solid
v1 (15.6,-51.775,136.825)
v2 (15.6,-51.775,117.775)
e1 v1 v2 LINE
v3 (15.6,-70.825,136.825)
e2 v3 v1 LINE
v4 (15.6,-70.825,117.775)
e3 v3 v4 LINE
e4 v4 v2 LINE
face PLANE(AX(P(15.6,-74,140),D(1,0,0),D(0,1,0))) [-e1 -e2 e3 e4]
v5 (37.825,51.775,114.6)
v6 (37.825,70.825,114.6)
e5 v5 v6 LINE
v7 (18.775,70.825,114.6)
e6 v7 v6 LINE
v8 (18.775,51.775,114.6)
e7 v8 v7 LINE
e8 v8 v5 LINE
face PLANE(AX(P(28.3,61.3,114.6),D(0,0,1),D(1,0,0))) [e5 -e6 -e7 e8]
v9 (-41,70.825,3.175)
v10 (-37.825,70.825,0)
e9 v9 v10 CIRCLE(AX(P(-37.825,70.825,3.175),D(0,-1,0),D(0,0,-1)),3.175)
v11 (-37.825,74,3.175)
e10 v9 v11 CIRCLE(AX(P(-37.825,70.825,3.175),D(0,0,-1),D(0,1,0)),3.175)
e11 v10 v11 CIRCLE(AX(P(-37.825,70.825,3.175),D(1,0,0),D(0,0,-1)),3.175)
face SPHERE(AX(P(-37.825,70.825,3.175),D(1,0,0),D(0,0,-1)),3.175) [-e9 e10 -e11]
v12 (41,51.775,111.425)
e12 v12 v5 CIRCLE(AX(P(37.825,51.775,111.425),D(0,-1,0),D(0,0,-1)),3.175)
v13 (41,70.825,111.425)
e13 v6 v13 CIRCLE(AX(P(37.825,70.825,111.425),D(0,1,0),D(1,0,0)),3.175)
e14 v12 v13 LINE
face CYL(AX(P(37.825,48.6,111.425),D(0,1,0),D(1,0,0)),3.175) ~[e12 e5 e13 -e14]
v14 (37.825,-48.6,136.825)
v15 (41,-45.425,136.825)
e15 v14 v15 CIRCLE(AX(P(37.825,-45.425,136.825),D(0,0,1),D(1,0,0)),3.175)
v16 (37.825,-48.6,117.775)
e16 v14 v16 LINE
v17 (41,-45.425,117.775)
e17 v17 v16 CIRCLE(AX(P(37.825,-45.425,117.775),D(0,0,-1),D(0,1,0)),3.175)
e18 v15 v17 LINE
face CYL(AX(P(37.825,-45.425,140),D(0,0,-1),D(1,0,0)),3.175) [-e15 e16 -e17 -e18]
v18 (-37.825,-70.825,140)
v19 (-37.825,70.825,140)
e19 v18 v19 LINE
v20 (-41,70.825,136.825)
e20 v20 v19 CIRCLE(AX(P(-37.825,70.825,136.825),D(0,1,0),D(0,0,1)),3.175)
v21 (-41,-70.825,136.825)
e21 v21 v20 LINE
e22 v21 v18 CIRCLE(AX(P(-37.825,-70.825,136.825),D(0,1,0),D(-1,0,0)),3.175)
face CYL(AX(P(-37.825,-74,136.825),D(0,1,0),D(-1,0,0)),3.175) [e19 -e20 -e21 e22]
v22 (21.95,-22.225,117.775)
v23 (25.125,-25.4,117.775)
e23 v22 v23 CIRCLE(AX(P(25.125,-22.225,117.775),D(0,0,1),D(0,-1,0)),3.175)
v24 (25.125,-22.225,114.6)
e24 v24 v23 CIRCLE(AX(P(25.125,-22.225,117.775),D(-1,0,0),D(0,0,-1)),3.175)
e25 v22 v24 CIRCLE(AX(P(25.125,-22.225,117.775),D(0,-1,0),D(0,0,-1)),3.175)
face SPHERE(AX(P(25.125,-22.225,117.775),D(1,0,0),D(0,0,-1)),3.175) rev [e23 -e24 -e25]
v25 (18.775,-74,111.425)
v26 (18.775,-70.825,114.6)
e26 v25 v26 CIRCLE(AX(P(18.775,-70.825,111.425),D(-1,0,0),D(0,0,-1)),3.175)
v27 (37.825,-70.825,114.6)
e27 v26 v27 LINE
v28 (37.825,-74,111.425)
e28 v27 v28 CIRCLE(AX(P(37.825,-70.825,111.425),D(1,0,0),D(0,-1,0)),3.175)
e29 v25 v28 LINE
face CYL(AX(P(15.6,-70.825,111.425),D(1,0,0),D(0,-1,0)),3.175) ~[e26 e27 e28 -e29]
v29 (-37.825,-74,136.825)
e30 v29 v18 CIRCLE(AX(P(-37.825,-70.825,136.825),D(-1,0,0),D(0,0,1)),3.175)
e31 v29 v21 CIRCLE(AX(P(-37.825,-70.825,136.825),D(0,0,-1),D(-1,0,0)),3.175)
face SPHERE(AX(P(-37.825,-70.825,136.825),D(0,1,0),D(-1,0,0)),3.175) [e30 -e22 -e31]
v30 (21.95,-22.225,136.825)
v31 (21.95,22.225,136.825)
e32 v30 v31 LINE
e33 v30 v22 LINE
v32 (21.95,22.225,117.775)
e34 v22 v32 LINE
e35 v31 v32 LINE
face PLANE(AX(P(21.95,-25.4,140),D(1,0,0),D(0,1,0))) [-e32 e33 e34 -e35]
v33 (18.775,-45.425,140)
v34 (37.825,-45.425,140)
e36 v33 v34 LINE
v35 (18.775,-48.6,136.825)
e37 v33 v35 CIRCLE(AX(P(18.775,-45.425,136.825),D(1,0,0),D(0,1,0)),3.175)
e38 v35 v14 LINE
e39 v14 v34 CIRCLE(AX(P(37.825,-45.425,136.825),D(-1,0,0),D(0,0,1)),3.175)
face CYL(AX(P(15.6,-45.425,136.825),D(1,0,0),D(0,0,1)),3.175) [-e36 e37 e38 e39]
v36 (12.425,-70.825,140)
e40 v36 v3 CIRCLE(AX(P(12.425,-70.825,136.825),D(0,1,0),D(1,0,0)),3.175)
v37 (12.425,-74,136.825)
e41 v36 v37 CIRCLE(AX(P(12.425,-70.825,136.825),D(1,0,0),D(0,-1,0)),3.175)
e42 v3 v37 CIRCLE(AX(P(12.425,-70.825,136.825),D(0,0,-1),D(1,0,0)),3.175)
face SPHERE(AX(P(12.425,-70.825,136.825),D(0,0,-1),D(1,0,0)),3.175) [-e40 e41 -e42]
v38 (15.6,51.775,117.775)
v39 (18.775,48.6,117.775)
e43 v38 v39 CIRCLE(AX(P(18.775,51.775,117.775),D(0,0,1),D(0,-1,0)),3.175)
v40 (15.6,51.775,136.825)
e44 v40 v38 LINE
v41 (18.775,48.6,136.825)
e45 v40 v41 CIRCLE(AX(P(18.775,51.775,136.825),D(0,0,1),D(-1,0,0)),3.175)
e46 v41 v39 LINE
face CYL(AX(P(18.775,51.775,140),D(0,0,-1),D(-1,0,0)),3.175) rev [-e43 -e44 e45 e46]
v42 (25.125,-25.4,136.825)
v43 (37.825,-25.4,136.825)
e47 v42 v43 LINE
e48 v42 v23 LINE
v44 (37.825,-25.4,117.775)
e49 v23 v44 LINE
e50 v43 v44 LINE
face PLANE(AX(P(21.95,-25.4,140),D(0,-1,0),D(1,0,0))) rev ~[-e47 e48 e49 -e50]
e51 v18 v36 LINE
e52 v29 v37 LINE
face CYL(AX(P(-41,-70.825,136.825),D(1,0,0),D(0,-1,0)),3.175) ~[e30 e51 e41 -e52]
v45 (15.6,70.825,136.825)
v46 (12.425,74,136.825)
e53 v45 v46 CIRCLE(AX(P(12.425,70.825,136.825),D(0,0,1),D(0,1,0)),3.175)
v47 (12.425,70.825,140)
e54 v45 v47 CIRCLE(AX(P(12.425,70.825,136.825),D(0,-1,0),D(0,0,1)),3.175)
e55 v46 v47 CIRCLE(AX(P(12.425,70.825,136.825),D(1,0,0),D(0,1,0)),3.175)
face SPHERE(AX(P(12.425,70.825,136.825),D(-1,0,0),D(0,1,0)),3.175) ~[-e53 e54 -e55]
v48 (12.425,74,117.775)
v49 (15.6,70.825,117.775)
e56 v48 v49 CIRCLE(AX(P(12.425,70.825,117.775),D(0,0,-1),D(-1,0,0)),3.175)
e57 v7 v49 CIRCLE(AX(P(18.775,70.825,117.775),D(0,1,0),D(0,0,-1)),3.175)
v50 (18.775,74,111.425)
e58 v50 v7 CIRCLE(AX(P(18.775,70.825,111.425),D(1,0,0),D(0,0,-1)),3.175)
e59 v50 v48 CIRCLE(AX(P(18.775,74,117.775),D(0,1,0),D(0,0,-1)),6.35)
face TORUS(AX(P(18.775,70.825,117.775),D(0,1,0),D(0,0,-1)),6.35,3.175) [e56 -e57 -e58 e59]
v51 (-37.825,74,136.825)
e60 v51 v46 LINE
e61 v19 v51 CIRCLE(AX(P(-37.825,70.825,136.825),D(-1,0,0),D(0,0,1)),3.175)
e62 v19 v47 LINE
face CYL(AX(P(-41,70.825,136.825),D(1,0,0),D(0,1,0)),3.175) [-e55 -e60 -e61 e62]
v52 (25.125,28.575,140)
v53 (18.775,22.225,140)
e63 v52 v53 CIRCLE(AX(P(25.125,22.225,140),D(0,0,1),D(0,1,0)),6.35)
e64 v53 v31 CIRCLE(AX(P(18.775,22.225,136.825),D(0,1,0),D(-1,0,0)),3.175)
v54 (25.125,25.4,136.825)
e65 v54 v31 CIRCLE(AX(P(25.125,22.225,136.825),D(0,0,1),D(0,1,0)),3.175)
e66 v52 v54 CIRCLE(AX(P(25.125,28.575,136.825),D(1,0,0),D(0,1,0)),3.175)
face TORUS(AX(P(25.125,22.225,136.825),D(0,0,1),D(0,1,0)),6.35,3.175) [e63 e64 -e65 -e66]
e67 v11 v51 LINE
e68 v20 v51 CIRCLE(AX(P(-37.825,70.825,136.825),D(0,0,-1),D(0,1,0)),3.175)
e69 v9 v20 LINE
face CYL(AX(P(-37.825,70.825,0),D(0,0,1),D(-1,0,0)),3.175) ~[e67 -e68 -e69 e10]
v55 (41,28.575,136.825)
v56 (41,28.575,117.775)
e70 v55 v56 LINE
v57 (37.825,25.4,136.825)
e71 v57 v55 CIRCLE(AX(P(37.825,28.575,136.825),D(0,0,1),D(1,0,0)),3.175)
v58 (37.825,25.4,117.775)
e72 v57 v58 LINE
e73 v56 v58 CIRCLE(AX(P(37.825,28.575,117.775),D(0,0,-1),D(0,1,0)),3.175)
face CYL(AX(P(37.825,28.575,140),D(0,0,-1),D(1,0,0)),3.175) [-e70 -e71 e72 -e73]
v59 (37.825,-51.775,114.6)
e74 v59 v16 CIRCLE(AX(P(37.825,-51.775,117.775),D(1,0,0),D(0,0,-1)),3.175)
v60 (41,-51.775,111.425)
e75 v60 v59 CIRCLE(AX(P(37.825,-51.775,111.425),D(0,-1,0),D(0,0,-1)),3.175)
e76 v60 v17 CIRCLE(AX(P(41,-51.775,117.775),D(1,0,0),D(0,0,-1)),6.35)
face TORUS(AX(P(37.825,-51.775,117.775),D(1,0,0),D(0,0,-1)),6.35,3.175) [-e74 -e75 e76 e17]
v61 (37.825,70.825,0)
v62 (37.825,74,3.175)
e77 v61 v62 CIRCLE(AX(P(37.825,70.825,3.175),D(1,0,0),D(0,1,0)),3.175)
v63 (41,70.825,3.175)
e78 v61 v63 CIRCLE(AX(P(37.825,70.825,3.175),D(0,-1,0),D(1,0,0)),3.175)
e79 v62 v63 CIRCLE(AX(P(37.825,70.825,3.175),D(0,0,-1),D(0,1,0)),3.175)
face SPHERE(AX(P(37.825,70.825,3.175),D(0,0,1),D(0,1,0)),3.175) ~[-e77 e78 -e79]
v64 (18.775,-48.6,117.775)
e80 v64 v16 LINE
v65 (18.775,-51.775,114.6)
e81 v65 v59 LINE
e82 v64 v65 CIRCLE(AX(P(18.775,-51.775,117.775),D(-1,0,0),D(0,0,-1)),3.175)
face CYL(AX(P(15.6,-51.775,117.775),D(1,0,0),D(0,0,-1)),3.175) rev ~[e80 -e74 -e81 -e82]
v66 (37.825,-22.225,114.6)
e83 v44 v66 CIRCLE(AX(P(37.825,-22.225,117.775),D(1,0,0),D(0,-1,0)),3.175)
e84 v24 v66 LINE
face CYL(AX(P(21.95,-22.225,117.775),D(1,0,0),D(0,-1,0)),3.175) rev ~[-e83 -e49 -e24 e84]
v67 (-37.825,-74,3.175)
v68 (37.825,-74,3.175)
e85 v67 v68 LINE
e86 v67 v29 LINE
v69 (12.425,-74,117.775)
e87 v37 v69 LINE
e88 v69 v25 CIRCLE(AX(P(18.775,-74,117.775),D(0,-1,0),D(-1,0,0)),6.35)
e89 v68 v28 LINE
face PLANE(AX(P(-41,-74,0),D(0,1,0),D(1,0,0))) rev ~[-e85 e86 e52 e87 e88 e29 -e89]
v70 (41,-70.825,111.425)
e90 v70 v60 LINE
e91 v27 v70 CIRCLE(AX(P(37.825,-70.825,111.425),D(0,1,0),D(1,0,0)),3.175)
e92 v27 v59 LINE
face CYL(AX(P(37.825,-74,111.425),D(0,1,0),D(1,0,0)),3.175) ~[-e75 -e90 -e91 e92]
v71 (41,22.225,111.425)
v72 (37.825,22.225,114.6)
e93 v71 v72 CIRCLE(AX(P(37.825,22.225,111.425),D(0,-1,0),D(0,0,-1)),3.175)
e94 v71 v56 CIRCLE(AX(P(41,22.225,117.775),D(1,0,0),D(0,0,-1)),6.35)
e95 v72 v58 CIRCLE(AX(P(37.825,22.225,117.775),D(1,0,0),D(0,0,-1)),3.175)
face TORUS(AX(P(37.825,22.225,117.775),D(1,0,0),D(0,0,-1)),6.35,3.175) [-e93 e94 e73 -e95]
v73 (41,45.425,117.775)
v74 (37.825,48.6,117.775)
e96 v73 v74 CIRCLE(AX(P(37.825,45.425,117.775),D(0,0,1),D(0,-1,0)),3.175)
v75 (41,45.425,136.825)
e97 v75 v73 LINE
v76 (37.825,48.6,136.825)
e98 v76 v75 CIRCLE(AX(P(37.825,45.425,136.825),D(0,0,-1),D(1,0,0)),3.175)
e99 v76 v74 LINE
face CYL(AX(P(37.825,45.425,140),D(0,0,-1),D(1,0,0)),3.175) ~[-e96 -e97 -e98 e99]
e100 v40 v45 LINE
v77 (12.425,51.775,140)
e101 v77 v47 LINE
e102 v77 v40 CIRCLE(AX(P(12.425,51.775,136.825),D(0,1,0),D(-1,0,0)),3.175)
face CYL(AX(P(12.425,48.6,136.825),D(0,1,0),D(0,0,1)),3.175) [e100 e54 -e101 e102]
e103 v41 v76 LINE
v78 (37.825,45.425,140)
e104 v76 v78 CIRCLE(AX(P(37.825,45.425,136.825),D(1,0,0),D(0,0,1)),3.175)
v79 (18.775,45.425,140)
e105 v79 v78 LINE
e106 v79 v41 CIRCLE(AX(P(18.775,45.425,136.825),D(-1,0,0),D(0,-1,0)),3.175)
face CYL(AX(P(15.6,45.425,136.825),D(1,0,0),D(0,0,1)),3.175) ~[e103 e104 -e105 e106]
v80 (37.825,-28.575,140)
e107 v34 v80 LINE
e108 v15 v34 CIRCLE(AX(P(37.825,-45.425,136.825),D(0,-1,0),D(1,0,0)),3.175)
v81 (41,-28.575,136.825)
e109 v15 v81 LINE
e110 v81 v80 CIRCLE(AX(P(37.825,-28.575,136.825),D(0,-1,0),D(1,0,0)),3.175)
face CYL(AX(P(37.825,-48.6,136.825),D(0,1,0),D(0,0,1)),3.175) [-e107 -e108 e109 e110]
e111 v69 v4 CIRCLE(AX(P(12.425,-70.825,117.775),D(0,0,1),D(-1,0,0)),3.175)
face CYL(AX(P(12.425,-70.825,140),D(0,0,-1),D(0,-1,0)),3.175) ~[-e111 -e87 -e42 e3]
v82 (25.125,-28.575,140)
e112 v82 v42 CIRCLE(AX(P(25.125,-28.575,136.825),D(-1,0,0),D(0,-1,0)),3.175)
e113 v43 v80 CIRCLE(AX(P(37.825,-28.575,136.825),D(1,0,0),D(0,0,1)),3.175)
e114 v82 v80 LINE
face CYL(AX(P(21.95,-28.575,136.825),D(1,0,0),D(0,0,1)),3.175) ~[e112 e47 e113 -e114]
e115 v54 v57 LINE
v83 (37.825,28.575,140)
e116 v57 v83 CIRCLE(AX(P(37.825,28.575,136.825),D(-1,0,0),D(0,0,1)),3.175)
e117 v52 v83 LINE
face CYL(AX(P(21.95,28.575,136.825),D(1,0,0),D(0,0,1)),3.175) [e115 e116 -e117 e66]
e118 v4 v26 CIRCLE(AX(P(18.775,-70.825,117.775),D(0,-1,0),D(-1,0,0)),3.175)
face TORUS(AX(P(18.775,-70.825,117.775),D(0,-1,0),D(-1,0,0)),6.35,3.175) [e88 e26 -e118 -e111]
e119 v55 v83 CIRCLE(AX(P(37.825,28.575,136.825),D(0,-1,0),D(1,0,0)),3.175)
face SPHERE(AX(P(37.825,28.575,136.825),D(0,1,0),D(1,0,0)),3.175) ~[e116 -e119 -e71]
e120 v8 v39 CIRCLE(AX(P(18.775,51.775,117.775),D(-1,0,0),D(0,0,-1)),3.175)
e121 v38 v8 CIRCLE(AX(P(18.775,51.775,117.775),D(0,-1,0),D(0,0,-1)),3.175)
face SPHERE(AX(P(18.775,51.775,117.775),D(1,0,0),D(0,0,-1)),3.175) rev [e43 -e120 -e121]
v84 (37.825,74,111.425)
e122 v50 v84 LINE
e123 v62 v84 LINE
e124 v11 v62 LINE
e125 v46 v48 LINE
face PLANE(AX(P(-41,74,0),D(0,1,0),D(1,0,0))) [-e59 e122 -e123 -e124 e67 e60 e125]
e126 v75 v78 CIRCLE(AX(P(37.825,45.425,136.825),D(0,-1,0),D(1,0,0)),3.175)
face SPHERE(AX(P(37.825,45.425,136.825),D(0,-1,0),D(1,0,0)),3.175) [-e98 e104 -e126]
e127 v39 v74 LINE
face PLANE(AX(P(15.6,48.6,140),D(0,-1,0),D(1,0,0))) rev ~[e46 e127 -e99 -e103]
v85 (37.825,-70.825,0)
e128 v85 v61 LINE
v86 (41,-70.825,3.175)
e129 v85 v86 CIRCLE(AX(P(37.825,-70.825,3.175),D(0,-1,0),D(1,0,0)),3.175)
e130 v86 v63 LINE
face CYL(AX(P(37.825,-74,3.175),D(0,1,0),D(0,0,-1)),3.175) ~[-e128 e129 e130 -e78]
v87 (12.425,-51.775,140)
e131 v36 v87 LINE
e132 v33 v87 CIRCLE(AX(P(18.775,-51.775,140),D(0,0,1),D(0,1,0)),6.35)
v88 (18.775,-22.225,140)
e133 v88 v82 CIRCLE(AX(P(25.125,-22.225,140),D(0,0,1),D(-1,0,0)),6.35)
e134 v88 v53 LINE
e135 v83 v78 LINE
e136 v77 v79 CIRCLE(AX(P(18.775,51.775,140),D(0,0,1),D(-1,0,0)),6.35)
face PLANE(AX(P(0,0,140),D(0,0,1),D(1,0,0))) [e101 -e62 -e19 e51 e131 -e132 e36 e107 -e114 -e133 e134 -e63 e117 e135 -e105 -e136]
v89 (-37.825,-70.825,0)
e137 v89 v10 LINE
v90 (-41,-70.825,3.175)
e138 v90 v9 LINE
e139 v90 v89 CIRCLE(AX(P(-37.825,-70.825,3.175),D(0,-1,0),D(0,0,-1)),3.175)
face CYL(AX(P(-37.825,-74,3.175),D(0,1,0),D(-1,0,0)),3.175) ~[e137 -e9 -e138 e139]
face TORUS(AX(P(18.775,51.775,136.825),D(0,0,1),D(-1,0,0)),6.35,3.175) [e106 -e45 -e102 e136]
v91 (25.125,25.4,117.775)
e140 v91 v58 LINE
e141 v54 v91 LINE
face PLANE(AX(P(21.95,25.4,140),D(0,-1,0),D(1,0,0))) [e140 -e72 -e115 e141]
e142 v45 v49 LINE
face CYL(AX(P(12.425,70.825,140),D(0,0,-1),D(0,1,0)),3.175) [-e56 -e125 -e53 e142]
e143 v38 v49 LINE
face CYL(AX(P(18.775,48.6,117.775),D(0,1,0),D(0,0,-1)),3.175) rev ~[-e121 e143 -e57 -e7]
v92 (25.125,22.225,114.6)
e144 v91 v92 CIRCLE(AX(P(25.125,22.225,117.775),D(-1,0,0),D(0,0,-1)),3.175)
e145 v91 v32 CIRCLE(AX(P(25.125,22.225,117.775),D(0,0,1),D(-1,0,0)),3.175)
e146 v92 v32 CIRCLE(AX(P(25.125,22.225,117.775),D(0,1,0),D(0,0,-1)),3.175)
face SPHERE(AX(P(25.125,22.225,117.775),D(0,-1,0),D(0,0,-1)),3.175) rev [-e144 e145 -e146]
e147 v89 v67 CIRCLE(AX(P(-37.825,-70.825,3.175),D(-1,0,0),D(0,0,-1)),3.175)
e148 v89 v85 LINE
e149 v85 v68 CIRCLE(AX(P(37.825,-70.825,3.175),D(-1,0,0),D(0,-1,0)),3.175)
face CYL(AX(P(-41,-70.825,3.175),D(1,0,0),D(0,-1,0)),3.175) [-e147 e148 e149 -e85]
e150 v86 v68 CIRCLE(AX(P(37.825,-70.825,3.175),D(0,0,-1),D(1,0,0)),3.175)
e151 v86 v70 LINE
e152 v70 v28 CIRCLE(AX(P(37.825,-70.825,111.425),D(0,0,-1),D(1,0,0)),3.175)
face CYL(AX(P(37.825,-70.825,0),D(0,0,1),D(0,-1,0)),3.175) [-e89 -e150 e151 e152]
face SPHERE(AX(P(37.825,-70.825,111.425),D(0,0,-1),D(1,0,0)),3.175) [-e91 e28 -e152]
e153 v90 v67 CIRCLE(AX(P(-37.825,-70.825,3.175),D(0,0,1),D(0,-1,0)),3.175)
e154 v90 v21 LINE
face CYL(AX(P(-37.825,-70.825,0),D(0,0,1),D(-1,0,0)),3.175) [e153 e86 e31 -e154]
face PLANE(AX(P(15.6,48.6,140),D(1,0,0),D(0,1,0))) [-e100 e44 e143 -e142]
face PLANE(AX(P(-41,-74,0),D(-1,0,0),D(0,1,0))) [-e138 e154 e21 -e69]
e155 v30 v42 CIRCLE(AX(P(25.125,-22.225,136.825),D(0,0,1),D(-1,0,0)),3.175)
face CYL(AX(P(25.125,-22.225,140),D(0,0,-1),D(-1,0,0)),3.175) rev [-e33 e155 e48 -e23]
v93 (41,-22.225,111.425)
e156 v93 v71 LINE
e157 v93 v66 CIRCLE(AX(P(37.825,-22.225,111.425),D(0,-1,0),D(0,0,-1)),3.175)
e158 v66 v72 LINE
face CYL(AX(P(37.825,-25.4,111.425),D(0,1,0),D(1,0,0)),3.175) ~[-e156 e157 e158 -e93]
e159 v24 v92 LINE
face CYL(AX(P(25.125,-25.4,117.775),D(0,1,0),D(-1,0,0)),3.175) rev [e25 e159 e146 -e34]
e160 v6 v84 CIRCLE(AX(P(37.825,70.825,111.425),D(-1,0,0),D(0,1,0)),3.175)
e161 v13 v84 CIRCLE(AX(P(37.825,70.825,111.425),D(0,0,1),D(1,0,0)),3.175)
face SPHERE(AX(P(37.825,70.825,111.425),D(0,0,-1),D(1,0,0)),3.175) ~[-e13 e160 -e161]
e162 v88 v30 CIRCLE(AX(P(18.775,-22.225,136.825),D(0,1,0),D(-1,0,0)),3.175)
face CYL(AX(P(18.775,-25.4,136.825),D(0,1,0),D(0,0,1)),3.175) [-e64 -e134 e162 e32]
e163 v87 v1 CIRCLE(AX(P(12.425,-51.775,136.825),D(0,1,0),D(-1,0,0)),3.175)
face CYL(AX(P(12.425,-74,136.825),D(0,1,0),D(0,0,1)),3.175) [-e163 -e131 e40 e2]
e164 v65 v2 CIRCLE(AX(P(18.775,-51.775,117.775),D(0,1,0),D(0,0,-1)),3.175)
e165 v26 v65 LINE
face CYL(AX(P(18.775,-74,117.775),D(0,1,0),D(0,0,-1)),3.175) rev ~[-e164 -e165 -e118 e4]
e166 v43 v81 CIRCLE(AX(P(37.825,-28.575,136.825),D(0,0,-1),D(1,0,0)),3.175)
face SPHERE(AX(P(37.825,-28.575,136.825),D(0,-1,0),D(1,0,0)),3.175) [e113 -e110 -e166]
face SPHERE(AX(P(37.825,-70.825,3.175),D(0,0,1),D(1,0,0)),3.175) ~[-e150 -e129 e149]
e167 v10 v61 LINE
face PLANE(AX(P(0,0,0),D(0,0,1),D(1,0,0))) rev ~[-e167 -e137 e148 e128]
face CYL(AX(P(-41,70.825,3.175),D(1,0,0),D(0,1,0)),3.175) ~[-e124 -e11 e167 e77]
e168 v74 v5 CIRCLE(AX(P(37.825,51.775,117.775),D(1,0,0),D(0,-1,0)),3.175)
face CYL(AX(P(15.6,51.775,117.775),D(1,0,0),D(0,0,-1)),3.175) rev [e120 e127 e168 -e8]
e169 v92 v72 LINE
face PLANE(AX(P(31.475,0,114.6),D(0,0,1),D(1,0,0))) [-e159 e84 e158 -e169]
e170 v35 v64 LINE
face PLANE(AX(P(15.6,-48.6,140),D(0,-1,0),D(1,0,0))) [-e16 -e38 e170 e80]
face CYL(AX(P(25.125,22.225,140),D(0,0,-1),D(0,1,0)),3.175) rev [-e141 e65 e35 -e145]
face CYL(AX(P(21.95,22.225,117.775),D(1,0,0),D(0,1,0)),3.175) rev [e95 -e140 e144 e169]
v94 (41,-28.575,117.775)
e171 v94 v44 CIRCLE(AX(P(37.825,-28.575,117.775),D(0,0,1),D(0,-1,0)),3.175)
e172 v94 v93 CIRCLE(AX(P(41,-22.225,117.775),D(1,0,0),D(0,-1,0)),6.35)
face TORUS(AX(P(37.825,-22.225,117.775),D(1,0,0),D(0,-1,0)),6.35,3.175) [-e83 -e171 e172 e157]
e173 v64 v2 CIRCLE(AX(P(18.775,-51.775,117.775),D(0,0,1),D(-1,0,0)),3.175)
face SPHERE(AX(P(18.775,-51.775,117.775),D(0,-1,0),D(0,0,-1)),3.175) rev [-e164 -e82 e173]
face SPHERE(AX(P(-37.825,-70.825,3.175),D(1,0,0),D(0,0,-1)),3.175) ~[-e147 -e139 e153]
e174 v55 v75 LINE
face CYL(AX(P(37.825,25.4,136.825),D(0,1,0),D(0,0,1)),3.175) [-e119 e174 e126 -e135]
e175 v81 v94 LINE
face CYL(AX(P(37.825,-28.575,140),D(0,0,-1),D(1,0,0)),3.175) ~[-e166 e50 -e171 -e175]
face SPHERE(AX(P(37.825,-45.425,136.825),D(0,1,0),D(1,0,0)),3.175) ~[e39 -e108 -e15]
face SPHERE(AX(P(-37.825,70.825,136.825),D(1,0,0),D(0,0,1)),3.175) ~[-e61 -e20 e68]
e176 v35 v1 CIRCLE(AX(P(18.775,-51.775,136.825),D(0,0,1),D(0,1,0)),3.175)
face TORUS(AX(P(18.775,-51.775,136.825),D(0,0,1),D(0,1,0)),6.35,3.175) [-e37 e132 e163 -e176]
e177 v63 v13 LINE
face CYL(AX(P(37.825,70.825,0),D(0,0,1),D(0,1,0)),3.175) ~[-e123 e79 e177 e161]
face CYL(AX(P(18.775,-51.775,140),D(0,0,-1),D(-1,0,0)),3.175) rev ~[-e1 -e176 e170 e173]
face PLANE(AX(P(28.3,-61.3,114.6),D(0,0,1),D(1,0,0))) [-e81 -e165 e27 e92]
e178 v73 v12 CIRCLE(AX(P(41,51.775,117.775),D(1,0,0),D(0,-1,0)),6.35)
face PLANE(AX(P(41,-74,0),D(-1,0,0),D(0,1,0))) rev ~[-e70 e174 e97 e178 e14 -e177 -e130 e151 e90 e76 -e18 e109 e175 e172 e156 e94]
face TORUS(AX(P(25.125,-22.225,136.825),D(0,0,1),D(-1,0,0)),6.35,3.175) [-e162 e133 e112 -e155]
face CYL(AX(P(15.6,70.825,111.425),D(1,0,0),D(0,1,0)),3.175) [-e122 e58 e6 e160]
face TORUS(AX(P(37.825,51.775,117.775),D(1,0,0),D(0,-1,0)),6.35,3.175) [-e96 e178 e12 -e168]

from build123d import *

# Parameters (mm, degrees)
SKETCH1_W           = 82
SKETCH1_H           = 148
BOSS_EXTRUDE1_DEPTH = 140
SKETCH2_W           = 25.4
SKETCH2_H           = 25.4
SKETCH2_W_2         = 19.05
SKETCH2_H_2         = 50.8
CUT_EXTRUDE1_DEPTH  = 25.4
FILLET1_R           = 3.175


with BuildPart() as part:
    # Sketch1 → Boss-Extrude1 (new body)
    with BuildSketch(Plane.XY):
        Rectangle(SKETCH1_W, SKETCH1_H)
    extrude(amount=BOSS_EXTRUDE1_DEPTH)

    # Sketch2 → Cut-Extrude1 (cut)
    with BuildSketch(Plane.XY.offset(140)):
        with Locations((28.3, -61.3)):
            Rectangle(SKETCH2_W, SKETCH2_H)
        with Locations((28.3, 61.3)):
            Rectangle(SKETCH2_W, SKETCH2_H)
        with Locations((31.475, 0)):
            Rectangle(SKETCH2_W_2, SKETCH2_H_2)
    extrude(amount=-CUT_EXTRUDE1_DEPTH, mode=Mode.SUBTRACT)

    # Fillet1
    fillet1_edges = [part.edges().sort_by_distance(p)[0] for p in [
        (41, -37, 140),
        (41, 37, 140),
        (-12.7, 74, 140),
        (41, 74, 57.3),
        (41, -74, 57.3),
        (41, -61.3, 114.6),
        (41, -48.6, 127.3),
        (28.3, -74, 114.6),
        (15.6, -61.3, 114.6),
        (15.6, -74, 127.3),
        (28.3, -48.6, 114.6),
        (15.6, -48.6, 127.3),
        (28.3, -48.6, 140),
        (15.6, -61.3, 140),
        (41, 61.3, 114.6),
        (28.3, 48.6, 114.6),
        (41, 48.6, 127.3),
        (15.6, 61.3, 114.6),
        (15.6, 48.6, 127.3),
        (28.3, 74, 114.6),
        (15.6, 74, 127.3),
        (15.6, 61.3, 140),
        (28.3, 48.6, 140),
        (41, 0, 114.6),
        (41, 25.4, 127.3),
        (31.475, -25.4, 114.6),
        (41, -25.4, 127.3),
        (21.95, 0, 114.6),
        (21.95, -25.4, 127.3),
        (31.475, 25.4, 114.6),
        (21.95, 25.4, 127.3),
        (31.475, 25.4, 140),
        (21.95, 0, 140),
        (31.475, -25.4, 140),
        (-41, 0, 140),
        (0, 74, 0),
        (41, 0, 0),
        (0, -74, 0),
        (-41, 0, 0),
        (-41, 74, 70),
        (-41, -74, 70),
        (-12.7, -74, 140),
    ]]
    fillet(fillet1_edges, radius=FILLET1_R)


solid = part.part
